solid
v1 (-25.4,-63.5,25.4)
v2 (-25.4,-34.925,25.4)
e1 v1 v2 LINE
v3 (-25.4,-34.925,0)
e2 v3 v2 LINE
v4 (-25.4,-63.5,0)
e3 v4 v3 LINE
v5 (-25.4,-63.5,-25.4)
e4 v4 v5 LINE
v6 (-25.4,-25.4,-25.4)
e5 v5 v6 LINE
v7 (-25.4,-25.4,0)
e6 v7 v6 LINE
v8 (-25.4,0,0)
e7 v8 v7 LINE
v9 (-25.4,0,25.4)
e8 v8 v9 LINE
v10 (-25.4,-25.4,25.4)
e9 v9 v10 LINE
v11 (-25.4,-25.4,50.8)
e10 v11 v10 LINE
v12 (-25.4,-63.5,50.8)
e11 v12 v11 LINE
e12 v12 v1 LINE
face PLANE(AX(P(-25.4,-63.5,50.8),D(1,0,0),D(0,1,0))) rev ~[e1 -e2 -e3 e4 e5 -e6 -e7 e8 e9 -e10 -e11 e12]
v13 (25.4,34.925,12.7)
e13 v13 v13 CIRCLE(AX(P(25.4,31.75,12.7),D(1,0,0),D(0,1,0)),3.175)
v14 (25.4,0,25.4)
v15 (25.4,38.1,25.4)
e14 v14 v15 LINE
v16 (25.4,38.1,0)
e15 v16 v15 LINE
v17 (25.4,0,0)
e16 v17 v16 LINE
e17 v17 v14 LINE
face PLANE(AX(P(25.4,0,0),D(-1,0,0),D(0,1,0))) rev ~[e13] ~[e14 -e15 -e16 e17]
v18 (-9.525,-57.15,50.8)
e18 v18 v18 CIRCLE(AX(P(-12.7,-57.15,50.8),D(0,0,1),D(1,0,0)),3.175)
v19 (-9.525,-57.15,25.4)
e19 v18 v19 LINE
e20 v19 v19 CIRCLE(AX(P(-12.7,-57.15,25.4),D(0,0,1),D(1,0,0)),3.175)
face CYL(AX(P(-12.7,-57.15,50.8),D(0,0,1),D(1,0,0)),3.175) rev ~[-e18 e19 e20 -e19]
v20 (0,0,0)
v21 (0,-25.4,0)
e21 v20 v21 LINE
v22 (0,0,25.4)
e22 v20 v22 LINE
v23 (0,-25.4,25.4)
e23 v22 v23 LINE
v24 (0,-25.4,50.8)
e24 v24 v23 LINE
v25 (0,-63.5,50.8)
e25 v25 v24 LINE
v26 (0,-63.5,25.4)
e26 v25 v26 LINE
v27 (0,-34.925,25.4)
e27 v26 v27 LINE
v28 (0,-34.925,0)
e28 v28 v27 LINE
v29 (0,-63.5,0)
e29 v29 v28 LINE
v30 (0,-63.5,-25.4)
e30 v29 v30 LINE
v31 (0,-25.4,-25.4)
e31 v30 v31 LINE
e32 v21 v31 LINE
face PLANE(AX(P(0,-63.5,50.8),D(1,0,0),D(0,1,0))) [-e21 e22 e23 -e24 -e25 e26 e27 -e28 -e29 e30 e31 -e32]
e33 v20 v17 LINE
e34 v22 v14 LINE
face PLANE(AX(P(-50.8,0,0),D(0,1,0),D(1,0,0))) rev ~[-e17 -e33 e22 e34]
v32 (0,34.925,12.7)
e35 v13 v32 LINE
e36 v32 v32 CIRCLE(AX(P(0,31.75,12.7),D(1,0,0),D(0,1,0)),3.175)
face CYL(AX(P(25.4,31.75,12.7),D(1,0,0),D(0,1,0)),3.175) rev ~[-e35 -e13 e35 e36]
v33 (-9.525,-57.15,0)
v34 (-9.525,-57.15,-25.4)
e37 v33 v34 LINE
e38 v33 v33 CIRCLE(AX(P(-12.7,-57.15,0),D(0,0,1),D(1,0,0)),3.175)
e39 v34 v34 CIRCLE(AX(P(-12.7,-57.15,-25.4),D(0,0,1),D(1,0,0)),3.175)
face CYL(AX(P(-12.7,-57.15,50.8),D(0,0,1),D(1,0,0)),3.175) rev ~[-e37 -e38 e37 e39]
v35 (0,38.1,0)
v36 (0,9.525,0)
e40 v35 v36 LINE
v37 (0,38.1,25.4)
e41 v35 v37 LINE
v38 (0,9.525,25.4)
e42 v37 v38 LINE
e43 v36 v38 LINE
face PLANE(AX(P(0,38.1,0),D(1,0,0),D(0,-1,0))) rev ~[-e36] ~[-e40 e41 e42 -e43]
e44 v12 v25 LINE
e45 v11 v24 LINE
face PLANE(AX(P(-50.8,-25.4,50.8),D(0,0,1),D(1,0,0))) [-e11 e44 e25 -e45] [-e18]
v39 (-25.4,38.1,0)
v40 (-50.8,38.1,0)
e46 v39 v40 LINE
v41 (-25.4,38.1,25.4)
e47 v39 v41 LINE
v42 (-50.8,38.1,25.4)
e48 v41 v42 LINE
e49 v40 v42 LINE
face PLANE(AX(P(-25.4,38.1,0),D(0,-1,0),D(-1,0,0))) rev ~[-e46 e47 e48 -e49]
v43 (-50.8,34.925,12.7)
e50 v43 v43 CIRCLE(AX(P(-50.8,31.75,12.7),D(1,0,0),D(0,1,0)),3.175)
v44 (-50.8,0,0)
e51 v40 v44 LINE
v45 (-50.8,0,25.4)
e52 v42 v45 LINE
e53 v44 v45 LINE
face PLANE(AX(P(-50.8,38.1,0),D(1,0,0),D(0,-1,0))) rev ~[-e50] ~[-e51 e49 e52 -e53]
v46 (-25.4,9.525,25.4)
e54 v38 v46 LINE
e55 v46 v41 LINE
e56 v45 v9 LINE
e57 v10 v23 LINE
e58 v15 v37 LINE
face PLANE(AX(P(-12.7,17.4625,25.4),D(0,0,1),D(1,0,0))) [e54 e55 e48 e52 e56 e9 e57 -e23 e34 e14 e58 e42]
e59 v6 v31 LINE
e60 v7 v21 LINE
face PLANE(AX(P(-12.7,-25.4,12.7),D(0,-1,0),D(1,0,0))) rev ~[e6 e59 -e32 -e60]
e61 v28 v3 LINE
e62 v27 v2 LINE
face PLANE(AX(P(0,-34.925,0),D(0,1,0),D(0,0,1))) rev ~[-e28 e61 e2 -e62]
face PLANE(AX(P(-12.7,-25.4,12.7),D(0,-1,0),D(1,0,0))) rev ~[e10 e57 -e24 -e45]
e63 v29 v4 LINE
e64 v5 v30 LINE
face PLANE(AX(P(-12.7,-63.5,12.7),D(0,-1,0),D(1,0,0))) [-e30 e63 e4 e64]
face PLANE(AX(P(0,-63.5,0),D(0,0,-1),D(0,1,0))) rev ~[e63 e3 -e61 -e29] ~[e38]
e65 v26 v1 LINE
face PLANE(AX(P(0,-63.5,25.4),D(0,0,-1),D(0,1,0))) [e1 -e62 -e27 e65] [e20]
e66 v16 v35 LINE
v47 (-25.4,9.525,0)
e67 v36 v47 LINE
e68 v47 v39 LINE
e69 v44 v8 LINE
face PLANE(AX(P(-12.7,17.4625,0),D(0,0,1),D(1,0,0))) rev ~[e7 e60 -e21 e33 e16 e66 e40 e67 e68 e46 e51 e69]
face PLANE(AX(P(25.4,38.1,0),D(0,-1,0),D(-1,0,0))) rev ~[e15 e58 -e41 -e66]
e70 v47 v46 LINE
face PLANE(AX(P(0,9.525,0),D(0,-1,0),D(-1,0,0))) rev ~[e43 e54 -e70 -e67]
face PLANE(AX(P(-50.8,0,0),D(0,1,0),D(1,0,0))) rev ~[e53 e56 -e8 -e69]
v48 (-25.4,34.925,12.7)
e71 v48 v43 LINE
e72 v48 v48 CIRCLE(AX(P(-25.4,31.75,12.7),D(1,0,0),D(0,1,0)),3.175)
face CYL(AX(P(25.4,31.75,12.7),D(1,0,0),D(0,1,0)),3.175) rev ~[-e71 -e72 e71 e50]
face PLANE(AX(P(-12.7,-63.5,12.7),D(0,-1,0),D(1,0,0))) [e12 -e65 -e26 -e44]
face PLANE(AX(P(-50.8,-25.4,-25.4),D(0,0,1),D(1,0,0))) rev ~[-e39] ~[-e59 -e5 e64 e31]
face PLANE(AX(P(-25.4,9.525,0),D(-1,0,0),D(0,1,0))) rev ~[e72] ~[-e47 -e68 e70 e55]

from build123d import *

# Parameters (mm, degrees)
F0_W      = 25.4
F0_H      = 25.4
F1_DEPTH  = 25.4
F3_DEPTH  = 25.4
F4_W      = 76.2
F4_H      = 76.2
F5_DEPTH  = 38.1
F6_W      = 25.4
F6_H      = 38.1
F7_DEPTH  = 101.6
F8_W      = 28.575
F8_H      = 25.4
F9_DEPTH  = 25.4
F10_R     = 3.175
F11_DEPTH = 101.6
F12_R     = 3.175
F13_DEPTH = 127


with BuildPart() as f1:
    # F0 (on Front) → F1 (new body)
    with BuildSketch(Plane.XZ):
        with Locations((-12.7, 12.7)):
            Rectangle(F0_W, F0_H)
    extrude(amount=F1_DEPTH)

    # F2 (on Top) → F3 (join)
    with BuildSketch(Plane.XY):
        Polygon((25.4, 0), (25.4, 38.1), (0, 38.1), (0, 9.525), (-25.4, 9.525), (-25.4, 38.1), (-50.8, 38.1), (-50.8, 0), align=None)
    extrude(amount=F3_DEPTH)

    # F4 (on face) → F5 (join)
    with BuildSketch(Plane.XZ.offset(25.4)):
        with Locations((-12.7, 12.7)):
            Rectangle(F4_W, F4_H)
    extrude(amount=F5_DEPTH)

    # F6 (on face) → F7 (cut)
    with BuildSketch(Plane.XY.offset(50.8)):
        with Locations((12.7, -44.45)):
            Rectangle(F6_W, F6_H)
        with Locations((-38.1, -44.45)):
            Rectangle(F6_W, F6_H)
    extrude(amount=-F7_DEPTH, mode=Mode.SUBTRACT)

    # F8 (on face) → F9 (cut)
    with BuildSketch(Plane.YZ):
        with Locations((-49.2125, 12.7)):
            Rectangle(F8_W, F8_H)
    extrude(amount=-F9_DEPTH, mode=Mode.SUBTRACT)

    # F10 (on face) → F11 (cut)
    with BuildSketch(Plane.XY.offset(50.8)):
        with Locations((-12.7, -57.15)):
            Circle(F10_R)
    extrude(amount=-F11_DEPTH, mode=Mode.SUBTRACT)

    # F12 (on face) → F13 (cut)
    with BuildSketch(Plane.YZ.offset(25.4)):
        with Locations((31.75, 12.7)):
            Circle(F12_R)
    extrude(amount=-F13_DEPTH, mode=Mode.SUBTRACT)


solid = f1.part
